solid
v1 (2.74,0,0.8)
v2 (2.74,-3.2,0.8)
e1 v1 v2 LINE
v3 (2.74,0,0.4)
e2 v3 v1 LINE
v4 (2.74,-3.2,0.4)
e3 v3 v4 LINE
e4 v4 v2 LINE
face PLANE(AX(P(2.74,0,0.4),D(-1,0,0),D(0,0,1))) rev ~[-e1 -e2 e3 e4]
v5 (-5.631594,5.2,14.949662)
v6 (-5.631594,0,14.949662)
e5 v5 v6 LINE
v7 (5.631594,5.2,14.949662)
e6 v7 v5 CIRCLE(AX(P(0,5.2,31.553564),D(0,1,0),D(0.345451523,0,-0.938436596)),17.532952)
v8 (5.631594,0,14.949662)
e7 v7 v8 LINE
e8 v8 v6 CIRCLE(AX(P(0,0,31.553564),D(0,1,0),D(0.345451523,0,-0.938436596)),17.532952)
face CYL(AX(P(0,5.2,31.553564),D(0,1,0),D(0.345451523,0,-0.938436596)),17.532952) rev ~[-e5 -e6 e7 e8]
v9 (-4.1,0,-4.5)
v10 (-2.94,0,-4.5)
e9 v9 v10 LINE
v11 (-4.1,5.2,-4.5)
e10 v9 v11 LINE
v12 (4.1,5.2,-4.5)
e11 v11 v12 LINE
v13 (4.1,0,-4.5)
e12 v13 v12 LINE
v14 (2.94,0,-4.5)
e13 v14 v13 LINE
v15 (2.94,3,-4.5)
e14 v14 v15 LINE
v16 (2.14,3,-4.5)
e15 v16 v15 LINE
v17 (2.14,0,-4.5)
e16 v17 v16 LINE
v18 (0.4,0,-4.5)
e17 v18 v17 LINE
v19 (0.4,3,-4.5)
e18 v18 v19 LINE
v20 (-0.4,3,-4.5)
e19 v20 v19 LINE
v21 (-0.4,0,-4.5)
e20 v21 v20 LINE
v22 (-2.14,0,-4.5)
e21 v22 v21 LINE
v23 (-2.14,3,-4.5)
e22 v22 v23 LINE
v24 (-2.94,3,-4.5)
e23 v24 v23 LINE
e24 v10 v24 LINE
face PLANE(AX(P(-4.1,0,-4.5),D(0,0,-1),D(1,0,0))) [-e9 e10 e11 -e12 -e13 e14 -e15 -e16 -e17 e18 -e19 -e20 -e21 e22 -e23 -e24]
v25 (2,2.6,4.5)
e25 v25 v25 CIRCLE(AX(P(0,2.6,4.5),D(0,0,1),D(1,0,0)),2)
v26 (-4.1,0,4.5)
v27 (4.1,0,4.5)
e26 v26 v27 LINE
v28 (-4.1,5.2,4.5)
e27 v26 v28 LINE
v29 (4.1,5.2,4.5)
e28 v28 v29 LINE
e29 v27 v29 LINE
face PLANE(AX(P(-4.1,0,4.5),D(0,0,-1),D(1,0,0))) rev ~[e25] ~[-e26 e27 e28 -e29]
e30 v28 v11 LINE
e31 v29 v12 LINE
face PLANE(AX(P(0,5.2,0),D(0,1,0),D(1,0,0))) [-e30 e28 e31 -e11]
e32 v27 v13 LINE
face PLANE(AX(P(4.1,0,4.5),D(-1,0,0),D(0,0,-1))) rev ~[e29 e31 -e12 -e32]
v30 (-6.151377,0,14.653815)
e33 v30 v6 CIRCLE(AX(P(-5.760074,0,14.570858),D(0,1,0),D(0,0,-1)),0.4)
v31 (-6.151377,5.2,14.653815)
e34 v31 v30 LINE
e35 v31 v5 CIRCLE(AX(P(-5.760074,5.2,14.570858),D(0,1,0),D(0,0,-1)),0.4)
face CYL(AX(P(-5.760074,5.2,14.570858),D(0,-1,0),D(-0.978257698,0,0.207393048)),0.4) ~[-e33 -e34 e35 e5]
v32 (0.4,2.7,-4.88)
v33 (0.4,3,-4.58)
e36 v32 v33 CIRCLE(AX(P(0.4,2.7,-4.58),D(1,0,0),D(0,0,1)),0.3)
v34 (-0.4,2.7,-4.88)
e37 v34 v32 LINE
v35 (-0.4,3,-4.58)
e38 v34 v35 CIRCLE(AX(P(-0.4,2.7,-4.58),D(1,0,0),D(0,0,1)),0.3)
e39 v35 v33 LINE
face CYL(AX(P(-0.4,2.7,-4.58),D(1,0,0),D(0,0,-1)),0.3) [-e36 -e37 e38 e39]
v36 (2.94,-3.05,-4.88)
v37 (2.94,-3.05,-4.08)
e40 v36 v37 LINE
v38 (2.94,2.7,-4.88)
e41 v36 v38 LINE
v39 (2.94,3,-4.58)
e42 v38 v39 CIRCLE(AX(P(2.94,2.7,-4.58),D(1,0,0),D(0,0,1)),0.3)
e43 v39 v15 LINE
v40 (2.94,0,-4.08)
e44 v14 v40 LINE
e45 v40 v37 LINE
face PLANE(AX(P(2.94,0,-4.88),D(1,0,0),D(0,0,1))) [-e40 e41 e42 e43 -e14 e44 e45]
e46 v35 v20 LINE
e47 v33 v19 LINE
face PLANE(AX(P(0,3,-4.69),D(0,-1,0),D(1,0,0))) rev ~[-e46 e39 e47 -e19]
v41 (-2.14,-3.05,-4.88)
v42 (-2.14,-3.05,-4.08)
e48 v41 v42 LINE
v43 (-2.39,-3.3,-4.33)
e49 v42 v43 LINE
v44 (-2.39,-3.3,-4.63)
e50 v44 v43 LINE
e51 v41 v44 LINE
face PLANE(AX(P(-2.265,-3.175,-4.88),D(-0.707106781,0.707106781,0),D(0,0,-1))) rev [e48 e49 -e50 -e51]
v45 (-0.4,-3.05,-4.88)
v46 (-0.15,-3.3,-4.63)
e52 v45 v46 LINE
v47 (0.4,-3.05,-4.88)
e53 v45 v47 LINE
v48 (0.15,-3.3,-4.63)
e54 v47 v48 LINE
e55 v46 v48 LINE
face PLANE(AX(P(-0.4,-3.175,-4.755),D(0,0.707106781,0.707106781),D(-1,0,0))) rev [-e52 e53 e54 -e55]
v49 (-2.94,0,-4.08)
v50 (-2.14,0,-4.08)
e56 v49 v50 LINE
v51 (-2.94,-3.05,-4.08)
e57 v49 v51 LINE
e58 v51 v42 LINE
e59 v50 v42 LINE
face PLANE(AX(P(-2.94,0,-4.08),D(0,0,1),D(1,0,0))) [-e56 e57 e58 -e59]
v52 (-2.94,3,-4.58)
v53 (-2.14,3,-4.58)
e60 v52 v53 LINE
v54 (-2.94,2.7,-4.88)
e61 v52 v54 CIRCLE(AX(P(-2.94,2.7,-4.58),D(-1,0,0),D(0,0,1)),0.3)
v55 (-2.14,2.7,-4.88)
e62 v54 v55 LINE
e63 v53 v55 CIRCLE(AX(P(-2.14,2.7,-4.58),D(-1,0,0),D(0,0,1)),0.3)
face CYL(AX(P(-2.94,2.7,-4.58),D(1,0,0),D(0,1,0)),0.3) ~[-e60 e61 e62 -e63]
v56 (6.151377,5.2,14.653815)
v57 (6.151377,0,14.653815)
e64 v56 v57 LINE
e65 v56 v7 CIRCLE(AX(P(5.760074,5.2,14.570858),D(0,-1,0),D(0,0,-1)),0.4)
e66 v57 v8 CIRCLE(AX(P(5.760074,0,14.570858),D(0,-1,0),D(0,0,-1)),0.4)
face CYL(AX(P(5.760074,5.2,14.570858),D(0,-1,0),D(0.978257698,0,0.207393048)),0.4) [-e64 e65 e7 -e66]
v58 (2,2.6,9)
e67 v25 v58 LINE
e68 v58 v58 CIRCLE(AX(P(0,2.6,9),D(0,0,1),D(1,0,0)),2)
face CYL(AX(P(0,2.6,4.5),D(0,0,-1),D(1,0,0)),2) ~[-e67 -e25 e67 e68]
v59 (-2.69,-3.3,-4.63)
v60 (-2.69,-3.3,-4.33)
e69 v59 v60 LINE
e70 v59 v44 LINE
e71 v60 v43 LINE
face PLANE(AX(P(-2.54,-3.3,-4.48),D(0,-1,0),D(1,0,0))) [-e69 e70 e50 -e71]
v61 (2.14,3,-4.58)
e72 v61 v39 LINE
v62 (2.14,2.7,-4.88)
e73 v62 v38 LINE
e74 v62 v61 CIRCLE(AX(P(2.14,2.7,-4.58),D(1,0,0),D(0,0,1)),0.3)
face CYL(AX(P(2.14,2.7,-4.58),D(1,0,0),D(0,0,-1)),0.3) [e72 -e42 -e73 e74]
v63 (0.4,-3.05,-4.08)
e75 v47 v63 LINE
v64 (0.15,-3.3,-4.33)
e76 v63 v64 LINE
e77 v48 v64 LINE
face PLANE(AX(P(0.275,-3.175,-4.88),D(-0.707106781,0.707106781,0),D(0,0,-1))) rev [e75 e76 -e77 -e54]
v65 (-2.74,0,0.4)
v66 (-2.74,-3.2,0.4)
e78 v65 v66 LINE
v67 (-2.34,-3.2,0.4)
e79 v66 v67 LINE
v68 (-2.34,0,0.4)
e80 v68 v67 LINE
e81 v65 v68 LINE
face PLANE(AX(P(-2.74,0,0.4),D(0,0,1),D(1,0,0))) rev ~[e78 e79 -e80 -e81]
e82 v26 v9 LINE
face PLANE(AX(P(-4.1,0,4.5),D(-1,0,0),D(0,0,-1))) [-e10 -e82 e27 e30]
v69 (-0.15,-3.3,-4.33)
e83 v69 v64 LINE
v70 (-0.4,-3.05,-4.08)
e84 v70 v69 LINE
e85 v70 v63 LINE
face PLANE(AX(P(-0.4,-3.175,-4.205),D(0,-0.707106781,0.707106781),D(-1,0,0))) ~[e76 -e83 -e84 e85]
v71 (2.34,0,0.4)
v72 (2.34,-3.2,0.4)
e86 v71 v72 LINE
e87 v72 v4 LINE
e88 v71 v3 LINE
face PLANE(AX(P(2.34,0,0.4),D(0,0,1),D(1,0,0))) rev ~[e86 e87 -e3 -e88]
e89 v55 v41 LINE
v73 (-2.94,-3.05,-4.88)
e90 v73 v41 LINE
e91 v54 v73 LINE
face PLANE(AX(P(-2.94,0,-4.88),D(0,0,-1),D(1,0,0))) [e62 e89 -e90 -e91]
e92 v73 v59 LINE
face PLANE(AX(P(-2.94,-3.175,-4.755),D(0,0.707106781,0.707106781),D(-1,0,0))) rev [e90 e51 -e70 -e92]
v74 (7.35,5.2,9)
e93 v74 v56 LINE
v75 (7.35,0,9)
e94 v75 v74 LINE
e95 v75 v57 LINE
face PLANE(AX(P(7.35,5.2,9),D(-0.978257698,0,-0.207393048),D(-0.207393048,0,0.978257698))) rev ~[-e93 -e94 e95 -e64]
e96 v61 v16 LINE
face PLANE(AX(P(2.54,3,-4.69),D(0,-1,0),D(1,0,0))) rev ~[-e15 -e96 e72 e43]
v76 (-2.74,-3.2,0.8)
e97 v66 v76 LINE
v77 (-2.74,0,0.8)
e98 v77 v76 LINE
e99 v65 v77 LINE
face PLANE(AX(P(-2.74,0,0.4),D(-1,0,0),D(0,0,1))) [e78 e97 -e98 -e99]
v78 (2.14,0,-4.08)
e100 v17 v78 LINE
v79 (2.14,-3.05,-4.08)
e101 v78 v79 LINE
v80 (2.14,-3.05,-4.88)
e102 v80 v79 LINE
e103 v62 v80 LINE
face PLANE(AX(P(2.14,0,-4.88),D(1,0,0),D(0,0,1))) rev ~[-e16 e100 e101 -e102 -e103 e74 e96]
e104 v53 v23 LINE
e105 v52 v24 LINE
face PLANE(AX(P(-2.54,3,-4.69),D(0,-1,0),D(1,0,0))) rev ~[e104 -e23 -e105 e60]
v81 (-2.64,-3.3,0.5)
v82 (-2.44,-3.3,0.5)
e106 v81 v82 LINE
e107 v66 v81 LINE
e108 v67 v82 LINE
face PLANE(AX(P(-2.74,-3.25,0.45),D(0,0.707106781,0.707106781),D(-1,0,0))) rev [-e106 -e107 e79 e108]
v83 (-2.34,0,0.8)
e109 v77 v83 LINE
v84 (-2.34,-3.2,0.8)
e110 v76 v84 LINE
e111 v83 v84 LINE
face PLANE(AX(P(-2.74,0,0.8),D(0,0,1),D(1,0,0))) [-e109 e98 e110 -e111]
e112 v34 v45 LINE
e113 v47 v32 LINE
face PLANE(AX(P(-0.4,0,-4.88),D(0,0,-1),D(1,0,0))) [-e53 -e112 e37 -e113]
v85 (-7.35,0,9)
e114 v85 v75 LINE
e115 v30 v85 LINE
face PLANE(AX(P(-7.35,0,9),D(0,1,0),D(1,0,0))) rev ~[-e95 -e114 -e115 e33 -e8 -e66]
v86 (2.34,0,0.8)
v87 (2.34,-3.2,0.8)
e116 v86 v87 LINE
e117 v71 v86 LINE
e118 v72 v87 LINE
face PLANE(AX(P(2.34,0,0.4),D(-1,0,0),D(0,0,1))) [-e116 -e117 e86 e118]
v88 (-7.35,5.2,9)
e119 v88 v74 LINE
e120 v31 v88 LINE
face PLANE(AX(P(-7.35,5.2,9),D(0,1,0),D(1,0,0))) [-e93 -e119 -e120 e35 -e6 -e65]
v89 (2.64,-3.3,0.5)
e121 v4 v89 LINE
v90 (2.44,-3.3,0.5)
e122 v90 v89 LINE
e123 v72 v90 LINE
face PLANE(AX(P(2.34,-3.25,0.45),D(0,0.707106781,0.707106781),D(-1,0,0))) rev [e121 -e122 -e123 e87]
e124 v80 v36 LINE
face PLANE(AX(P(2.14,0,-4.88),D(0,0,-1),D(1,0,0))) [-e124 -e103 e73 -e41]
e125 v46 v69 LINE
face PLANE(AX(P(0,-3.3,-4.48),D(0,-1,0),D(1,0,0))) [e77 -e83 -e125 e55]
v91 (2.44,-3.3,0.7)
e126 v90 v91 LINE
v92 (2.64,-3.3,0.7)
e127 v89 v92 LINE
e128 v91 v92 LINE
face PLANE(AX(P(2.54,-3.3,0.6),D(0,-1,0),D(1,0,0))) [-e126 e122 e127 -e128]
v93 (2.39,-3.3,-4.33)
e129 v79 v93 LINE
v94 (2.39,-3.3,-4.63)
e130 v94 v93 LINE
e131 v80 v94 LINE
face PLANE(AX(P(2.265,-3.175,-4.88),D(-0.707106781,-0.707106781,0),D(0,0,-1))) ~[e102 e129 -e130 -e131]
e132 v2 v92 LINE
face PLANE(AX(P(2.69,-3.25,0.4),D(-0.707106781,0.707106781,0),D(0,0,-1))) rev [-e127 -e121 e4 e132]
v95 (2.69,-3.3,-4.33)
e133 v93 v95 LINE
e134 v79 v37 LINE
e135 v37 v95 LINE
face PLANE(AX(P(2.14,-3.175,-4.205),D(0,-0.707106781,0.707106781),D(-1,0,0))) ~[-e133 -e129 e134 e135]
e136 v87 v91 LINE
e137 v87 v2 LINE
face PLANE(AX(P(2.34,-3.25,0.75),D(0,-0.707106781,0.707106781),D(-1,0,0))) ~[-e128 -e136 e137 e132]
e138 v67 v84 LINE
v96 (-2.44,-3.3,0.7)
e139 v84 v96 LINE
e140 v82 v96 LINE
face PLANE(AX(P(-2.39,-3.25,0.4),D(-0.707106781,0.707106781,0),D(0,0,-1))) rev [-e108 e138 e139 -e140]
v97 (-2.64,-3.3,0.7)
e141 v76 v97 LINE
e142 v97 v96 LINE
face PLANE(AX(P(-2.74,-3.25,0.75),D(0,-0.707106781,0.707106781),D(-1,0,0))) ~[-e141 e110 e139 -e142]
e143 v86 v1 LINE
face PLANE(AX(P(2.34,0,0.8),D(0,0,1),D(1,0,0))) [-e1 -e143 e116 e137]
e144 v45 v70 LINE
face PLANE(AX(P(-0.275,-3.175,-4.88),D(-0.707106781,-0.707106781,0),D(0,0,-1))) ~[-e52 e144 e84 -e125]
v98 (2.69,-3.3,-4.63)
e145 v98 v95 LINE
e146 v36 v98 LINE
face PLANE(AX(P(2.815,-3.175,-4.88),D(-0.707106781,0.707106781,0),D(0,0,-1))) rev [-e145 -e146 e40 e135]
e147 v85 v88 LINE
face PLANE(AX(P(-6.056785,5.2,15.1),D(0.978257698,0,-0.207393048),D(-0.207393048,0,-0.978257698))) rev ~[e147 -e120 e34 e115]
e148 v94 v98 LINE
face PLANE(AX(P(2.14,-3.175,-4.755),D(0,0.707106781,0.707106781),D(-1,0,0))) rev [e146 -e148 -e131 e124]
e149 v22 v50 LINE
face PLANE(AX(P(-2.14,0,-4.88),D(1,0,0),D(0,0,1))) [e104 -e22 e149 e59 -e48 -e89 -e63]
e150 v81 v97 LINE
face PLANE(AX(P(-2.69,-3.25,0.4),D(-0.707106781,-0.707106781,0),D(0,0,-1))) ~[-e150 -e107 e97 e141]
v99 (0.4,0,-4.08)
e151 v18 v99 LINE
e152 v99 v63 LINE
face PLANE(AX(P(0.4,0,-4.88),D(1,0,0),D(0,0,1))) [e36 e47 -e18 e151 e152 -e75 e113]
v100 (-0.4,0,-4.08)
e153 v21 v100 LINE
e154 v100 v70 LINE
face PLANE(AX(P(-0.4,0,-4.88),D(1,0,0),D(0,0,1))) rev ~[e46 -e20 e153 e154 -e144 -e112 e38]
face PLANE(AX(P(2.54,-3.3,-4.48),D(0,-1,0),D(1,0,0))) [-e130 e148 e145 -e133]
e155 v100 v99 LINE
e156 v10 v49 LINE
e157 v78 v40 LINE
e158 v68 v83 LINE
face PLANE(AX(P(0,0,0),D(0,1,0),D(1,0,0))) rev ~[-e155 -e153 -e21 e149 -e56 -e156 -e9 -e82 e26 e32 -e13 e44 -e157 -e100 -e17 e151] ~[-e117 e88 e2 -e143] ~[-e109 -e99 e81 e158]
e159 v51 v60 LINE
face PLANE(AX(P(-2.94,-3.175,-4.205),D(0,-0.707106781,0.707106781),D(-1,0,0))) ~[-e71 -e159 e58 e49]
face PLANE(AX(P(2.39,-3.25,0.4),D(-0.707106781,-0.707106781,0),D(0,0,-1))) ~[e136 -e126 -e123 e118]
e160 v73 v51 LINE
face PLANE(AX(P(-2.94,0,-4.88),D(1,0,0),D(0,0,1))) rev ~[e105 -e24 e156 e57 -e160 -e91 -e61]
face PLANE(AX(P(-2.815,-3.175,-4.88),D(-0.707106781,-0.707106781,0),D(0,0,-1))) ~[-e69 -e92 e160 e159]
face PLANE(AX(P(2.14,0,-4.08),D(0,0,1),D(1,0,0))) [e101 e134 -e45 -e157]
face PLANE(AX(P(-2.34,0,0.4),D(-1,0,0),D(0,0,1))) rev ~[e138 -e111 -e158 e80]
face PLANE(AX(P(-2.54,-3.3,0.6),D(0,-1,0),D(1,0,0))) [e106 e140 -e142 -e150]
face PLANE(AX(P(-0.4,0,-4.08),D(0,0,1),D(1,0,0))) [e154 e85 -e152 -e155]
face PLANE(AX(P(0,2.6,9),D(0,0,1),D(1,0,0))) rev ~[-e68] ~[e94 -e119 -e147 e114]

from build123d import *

# Parameters (mm, degrees)
SKETCH1_W           = 8.2
SKETCH1_H           = 9
BOSS_EXTRUDE1_DEPTH = 5.2
SKETCH2_W           = 0.4
SKETCH2_H           = 0.4
SKETCH2_W_2         = 0.8
SKETCH2_H_2         = 0.8
BOSS_EXTRUDE2_DEPTH = 3.3
CHAMFER1_SIZE       = 0.1
CHAMFER2_SIZE       = 0.25
SKETCH2_2_W         = 0.8
SKETCH2_2_H         = 0.38
BOSS_EXTRUDE3_DEPTH = 3
FILLET1_R           = 0.3
SKETCH3_R           = 2
BOSS_EXTRUDE4_DEPTH = 4.5
SKETCH4_W           = 14.7
SKETCH4_H           = 5.2
BOSS_EXTRUDE5_DEPTH = 6.1
CUT_EXTRUDE1_DEPTH  = 19.822393578
FILLET2_R           = 0.4


with BuildPart() as part:
    # Sketch1 → Boss-Extrude1 (new body)
    with BuildSketch(Plane(origin=(0, 0, 0), x_dir=(1, 0, 0), z_dir=(0, 1, 0))):
        Rectangle(SKETCH1_W, SKETCH1_H)
    extrude(amount=BOSS_EXTRUDE1_DEPTH)

    # Sketch2 → Boss-Extrude2 (add)
    with BuildSketch(Plane.XZ):
        with Locations((-2.54, 0.6)):
            Rectangle(SKETCH2_W, SKETCH2_H)
        with Locations((2.54, 0.6)):
            Rectangle(SKETCH2_W, SKETCH2_H)
        with Locations((-2.54, -4.48)):
            Rectangle(SKETCH2_W_2, SKETCH2_H_2)
        with Locations((0, -4.48)):
            Rectangle(SKETCH2_W_2, SKETCH2_H_2)
        with Locations((2.54, -4.48)):
            Rectangle(SKETCH2_W_2, SKETCH2_H_2)
    extrude(amount=BOSS_EXTRUDE2_DEPTH)

    # Chamfer1
    chamfer1_edges = [part.edges().sort_by_distance(p)[0] for p in [
        (-2.34, -3.3, 0.6),
        (-2.54, -3.3, 0.8),
        (-2.74, -3.3, 0.6),
        (-2.54, -3.3, 0.4),
        (2.74, -3.3, 0.6),
        (2.54, -3.3, 0.8),
        (2.34, -3.3, 0.6),
        (2.54, -3.3, 0.4),
    ]]
    chamfer(chamfer1_edges, length=CHAMFER1_SIZE)

    # Chamfer2
    chamfer2_edges = [part.edges().sort_by_distance(p)[0] for p in [
        (-2.14, -3.3, -4.48),
        (-2.54, -3.3, -4.08),
        (-2.94, -3.3, -4.48),
        (-2.54, -3.3, -4.88),
        (0.4, -3.3, -4.48),
        (0, -3.3, -4.08),
        (-0.4, -3.3, -4.48),
        (0, -3.3, -4.88),
        (2.94, -3.3, -4.48),
        (2.54, -3.3, -4.08),
        (2.14, -3.3, -4.48),
        (2.54, -3.3, -4.88),
    ]]
    chamfer(chamfer2_edges, length=CHAMFER2_SIZE)

    # Sketch2<2> → Boss-Extrude3 (add)
    with BuildSketch(Plane.XZ):
        with Locations((-2.54, -4.69)):
            Rectangle(SKETCH2_2_W, SKETCH2_2_H)
        with Locations((0, -4.69)):
            Rectangle(SKETCH2_2_W, SKETCH2_2_H)
        with Locations((2.54, -4.69)):
            Rectangle(SKETCH2_2_W, SKETCH2_2_H)
    extrude(amount=-BOSS_EXTRUDE3_DEPTH)

    # Fillet1
    fillet1_edges = [part.edges().sort_by_distance(p)[0] for p in [
        (-2.54, 3, -4.88),
        (0, 3, -4.88),
        (2.54, 3, -4.88),
    ]]
    fillet(fillet1_edges, radius=FILLET1_R)

    # Sketch3 → Boss-Extrude4 (add)
    with BuildSketch(Plane.XY.offset(4.5)):
        with Locations((0, 2.6)):
            Circle(SKETCH3_R)
    extrude(amount=BOSS_EXTRUDE4_DEPTH)

    # Sketch4 → Boss-Extrude5 (add)
    with BuildSketch(Plane.XY.offset(9)):
        with Locations((0, 2.6)):
            Rectangle(SKETCH4_W, SKETCH4_H)
    extrude(amount=BOSS_EXTRUDE5_DEPTH)

    # Sketch5 → Cut-Extrude1 (cut, through all)
    with BuildSketch(Plane(origin=(0, 5.2, 0), x_dir=(1, 0, 0), z_dir=(0, 1, 0))):
        Polygon((-6.056784937, -15.1), (-7.35, -9), (-7.35, -15.1), align=None)
        with BuildLine():
            ThreePointArc((6.056784937, -15.1), (0, -14.020611804), (-6.056784937, -15.1))
            Line((-6.056784937, -15.1), (6.056784937, -15.1))
        make_face()
        Polygon((7.35, -9), (6.056784937, -15.1), (7.35, -15.1), align=None)
    extrude(amount=-CUT_EXTRUDE1_DEPTH, mode=Mode.SUBTRACT)

    # Fillet2
    fillet2_edges = [part.edges().sort_by_distance(p)[0] for p in [
        (6.056784937, 2.6, 15.1),
        (-6.056784937, 2.6, 15.1),
    ]]
    fillet(fillet2_edges, radius=FILLET2_R)


solid = part.part
